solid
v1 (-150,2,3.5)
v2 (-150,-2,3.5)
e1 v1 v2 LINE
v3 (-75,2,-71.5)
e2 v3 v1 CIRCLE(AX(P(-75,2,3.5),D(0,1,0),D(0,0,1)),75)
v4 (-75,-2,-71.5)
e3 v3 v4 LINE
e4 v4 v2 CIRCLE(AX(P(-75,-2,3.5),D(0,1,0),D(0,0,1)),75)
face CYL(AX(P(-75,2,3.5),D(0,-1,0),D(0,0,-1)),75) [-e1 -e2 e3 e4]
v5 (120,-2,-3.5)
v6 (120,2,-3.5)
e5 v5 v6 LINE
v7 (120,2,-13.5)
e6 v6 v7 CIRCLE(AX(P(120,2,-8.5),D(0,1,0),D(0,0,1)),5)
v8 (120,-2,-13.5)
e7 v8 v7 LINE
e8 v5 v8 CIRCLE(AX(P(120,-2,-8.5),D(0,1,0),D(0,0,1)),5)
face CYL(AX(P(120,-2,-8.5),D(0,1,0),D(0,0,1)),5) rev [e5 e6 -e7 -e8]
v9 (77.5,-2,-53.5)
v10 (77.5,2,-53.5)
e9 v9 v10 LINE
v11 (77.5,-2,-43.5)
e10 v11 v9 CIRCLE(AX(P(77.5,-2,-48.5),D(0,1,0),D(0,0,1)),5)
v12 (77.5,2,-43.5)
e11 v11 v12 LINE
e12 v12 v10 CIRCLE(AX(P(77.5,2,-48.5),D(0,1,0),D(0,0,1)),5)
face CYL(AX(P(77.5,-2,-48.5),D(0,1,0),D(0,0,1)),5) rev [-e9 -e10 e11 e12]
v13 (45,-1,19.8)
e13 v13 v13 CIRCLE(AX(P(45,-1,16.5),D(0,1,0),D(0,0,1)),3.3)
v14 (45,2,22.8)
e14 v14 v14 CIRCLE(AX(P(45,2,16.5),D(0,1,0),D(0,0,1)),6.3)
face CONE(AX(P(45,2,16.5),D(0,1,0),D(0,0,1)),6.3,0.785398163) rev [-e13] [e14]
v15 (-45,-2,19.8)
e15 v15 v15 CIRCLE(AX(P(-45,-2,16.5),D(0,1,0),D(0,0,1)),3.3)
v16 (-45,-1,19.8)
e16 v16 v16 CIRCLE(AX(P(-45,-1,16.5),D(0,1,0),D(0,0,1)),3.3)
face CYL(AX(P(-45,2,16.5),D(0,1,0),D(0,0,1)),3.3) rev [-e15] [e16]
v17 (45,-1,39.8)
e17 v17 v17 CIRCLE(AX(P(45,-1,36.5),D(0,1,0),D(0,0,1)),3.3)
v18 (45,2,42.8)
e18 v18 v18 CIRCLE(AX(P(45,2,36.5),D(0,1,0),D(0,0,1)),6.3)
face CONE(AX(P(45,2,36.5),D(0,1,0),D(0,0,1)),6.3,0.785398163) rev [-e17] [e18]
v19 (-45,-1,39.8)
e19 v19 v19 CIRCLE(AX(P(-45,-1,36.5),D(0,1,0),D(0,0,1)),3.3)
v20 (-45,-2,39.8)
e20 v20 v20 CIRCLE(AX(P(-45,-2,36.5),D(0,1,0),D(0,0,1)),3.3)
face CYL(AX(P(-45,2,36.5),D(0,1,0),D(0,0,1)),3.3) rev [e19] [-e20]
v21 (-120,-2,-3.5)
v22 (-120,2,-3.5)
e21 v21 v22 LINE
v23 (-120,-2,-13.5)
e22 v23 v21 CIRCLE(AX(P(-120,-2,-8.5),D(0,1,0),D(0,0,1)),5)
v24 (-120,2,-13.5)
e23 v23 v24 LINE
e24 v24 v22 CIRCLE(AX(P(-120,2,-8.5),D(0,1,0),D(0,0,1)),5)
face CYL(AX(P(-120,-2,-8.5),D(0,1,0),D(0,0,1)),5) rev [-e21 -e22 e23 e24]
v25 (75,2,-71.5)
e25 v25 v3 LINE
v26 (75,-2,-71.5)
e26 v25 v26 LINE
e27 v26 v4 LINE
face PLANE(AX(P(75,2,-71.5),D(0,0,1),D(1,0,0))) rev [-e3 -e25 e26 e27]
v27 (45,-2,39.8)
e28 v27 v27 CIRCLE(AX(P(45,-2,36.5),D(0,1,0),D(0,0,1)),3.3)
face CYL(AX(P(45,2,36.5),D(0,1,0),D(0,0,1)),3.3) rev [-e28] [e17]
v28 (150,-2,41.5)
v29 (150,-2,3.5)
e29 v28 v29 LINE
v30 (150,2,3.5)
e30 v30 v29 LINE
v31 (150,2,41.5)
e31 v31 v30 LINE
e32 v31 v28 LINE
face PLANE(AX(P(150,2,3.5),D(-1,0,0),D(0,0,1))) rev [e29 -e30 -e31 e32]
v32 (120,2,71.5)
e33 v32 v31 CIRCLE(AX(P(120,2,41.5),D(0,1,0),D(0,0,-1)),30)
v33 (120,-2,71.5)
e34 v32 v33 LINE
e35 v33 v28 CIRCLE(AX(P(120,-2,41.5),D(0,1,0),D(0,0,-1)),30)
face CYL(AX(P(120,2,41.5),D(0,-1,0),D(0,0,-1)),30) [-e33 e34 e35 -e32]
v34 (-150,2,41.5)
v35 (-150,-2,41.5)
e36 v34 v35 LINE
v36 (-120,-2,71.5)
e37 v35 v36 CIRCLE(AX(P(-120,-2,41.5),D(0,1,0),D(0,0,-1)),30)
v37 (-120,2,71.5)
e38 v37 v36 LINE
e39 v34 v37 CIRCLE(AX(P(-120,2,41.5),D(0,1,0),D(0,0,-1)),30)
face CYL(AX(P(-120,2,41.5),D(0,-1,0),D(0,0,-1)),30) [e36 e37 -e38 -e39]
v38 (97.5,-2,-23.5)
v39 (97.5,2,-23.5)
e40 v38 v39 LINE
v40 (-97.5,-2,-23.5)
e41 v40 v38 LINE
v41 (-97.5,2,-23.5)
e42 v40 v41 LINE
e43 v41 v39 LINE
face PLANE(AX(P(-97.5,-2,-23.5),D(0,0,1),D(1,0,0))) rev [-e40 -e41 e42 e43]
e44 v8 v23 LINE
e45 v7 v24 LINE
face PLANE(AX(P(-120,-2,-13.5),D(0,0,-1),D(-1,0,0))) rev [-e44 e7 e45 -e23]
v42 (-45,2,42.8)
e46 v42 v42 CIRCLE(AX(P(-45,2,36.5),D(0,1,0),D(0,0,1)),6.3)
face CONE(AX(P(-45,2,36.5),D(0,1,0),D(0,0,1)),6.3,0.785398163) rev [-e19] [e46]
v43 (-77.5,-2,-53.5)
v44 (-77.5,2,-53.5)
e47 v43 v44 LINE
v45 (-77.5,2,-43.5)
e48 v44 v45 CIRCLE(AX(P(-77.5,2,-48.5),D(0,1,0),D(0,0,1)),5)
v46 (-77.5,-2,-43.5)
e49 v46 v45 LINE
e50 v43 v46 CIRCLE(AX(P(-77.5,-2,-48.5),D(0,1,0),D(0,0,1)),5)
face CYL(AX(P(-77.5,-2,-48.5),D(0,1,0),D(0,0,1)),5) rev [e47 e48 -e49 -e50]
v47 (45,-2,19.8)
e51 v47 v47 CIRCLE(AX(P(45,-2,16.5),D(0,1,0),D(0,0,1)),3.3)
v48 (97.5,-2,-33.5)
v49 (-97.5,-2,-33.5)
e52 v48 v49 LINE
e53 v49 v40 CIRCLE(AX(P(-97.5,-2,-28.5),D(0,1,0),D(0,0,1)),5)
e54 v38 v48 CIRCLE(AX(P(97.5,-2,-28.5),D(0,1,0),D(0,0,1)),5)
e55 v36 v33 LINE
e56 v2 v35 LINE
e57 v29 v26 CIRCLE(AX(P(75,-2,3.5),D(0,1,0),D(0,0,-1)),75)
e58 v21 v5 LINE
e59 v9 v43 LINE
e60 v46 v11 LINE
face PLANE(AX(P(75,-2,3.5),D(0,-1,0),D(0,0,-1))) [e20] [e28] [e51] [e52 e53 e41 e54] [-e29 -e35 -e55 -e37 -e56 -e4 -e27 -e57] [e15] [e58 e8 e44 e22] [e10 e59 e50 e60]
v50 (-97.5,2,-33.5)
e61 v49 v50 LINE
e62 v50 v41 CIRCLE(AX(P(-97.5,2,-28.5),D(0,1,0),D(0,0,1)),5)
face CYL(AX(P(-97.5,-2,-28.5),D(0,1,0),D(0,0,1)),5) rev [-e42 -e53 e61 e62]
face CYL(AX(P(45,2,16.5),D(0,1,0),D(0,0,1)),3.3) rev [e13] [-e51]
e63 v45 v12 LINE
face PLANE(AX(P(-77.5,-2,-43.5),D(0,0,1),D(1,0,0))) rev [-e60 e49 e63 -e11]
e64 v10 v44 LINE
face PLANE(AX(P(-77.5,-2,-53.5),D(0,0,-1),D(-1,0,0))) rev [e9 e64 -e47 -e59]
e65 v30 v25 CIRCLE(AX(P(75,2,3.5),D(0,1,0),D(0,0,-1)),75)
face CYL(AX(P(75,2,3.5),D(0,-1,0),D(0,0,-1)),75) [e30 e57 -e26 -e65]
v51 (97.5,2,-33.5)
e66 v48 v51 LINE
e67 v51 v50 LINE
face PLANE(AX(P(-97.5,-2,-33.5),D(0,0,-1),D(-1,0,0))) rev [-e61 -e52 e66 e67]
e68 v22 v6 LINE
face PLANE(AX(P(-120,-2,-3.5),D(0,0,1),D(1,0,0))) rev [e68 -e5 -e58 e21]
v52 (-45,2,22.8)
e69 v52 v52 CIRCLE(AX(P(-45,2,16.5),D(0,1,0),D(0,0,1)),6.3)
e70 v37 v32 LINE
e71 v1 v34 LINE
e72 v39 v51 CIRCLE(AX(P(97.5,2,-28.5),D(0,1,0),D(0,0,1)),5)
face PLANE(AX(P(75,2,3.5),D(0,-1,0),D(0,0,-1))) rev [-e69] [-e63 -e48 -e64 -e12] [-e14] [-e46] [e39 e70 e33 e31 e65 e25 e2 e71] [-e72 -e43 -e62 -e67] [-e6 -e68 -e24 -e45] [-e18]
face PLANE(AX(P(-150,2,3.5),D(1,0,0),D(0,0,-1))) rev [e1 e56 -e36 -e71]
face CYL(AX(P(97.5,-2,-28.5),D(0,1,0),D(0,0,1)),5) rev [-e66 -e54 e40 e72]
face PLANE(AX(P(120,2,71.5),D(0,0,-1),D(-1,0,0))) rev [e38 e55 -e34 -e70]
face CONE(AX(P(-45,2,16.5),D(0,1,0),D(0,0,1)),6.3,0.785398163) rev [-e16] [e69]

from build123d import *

# Parameters (mm, degrees)
RESSALTO_EXTRUS_O1_DEPTH  = 2
CORTE_EXTRUS_O1_DEPTH     = 167.217478022
PADR_O_LINEAR1_COUNT      = 2
PADR_O_LINEAR1_PITCH      = 90
PADR_O_LINEAR1_COUNT_DIR2 = 2
PADR_O_LINEAR1_PITCH_DIR2 = 20


with BuildPart() as part:
    # Esboço2 → Ressalto-extrusão1 (new, symmetric)
    with BuildSketch(Plane(origin=(0, 0, 0), x_dir=(1, 0, 0), z_dir=(0, 1, 0))):
        with BuildLine():
            Line((75, 71.5), (-75, 71.5))
            ThreePointArc((-75, 71.5), (-128.033008589, 49.533008589), (-150, -3.5))
            Line((-150, -3.5), (-150, -41.5))
            ThreePointArc((-150, -41.5), (-141.213203436, -62.713203436), (-120, -71.5))
            Line((-120, -71.5), (120, -71.5))
            ThreePointArc((120, -71.5), (141.213203436, -62.713203436), (150, -41.5))
            Line((150, -41.5), (150, -3.5))
            ThreePointArc((150, -3.5), (128.033008589, 49.533008589), (75, 71.5))
        make_face()
    extrude(amount=RESSALTO_EXTRUS_O1_DEPTH, both=True)

    # Esboço3 → Corte-extrusão1 (cut, through all)
    with BuildSketch(Plane(origin=(0, 2, 0), x_dir=(1, 0, 0), z_dir=(0, 1, 0))):
        with BuildLine():
            Line((-77.5, 53.5), (77.5, 53.5))
            ThreePointArc((77.5, 53.5), (82.5, 48.5), (77.5, 43.5))
            Line((77.5, 43.5), (-77.5, 43.5))
            ThreePointArc((-77.5, 43.5), (-82.5, 48.5), (-77.5, 53.5))
        make_face()
        with BuildLine():
            Line((-97.5, 33.5), (97.5, 33.5))
            ThreePointArc((97.5, 33.5), (102.5, 28.5), (97.5, 23.5))
            Line((97.5, 23.5), (-97.5, 23.5))
            ThreePointArc((-97.5, 23.5), (-102.5, 28.5), (-97.5, 33.5))
        make_face()
        with BuildLine():
            Line((-120, 13.5), (120, 13.5))
            ThreePointArc((120, 13.5), (125, 8.5), (120, 3.5))
            Line((120, 3.5), (-120, 3.5))
            ThreePointArc((-120, 3.5), (-125, 8.5), (-120, 13.5))
        make_face()
    extrude(amount=-CORTE_EXTRUS_O1_DEPTH, mode=Mode.SUBTRACT)

    # Esboço5 → Escareado para parafuso com cabeça escareada elevada de M61 (revolve, cut)
    with BuildSketch(Plane(origin=(-45, 2, 36.5), x_dir=(0, 0, 1), z_dir=(1, 0, 0))):
        Polygon((0, 0), (0, 4), (3.3, 4), (3.3, 3), (6.3, 0), align=None)
    escareado_para_parafuso_com_cabe_a_escar = revolve(axis=Axis((-45, 8.35, 36.5), (0, -1, 0)), mode=Mode.SUBTRACT)

    # Padrão linear1: Escareado para parafuso com cabe_a escar 2 × 2
    with Locations(*[(i * PADR_O_LINEAR1_PITCH, 0, -j * PADR_O_LINEAR1_PITCH_DIR2) for i in range(PADR_O_LINEAR1_COUNT) for j in range(PADR_O_LINEAR1_COUNT_DIR2) if (i, j) != (0, 0)]):
        add(escareado_para_parafuso_com_cabe_a_escar, mode=Mode.SUBTRACT)


solid = part.part
